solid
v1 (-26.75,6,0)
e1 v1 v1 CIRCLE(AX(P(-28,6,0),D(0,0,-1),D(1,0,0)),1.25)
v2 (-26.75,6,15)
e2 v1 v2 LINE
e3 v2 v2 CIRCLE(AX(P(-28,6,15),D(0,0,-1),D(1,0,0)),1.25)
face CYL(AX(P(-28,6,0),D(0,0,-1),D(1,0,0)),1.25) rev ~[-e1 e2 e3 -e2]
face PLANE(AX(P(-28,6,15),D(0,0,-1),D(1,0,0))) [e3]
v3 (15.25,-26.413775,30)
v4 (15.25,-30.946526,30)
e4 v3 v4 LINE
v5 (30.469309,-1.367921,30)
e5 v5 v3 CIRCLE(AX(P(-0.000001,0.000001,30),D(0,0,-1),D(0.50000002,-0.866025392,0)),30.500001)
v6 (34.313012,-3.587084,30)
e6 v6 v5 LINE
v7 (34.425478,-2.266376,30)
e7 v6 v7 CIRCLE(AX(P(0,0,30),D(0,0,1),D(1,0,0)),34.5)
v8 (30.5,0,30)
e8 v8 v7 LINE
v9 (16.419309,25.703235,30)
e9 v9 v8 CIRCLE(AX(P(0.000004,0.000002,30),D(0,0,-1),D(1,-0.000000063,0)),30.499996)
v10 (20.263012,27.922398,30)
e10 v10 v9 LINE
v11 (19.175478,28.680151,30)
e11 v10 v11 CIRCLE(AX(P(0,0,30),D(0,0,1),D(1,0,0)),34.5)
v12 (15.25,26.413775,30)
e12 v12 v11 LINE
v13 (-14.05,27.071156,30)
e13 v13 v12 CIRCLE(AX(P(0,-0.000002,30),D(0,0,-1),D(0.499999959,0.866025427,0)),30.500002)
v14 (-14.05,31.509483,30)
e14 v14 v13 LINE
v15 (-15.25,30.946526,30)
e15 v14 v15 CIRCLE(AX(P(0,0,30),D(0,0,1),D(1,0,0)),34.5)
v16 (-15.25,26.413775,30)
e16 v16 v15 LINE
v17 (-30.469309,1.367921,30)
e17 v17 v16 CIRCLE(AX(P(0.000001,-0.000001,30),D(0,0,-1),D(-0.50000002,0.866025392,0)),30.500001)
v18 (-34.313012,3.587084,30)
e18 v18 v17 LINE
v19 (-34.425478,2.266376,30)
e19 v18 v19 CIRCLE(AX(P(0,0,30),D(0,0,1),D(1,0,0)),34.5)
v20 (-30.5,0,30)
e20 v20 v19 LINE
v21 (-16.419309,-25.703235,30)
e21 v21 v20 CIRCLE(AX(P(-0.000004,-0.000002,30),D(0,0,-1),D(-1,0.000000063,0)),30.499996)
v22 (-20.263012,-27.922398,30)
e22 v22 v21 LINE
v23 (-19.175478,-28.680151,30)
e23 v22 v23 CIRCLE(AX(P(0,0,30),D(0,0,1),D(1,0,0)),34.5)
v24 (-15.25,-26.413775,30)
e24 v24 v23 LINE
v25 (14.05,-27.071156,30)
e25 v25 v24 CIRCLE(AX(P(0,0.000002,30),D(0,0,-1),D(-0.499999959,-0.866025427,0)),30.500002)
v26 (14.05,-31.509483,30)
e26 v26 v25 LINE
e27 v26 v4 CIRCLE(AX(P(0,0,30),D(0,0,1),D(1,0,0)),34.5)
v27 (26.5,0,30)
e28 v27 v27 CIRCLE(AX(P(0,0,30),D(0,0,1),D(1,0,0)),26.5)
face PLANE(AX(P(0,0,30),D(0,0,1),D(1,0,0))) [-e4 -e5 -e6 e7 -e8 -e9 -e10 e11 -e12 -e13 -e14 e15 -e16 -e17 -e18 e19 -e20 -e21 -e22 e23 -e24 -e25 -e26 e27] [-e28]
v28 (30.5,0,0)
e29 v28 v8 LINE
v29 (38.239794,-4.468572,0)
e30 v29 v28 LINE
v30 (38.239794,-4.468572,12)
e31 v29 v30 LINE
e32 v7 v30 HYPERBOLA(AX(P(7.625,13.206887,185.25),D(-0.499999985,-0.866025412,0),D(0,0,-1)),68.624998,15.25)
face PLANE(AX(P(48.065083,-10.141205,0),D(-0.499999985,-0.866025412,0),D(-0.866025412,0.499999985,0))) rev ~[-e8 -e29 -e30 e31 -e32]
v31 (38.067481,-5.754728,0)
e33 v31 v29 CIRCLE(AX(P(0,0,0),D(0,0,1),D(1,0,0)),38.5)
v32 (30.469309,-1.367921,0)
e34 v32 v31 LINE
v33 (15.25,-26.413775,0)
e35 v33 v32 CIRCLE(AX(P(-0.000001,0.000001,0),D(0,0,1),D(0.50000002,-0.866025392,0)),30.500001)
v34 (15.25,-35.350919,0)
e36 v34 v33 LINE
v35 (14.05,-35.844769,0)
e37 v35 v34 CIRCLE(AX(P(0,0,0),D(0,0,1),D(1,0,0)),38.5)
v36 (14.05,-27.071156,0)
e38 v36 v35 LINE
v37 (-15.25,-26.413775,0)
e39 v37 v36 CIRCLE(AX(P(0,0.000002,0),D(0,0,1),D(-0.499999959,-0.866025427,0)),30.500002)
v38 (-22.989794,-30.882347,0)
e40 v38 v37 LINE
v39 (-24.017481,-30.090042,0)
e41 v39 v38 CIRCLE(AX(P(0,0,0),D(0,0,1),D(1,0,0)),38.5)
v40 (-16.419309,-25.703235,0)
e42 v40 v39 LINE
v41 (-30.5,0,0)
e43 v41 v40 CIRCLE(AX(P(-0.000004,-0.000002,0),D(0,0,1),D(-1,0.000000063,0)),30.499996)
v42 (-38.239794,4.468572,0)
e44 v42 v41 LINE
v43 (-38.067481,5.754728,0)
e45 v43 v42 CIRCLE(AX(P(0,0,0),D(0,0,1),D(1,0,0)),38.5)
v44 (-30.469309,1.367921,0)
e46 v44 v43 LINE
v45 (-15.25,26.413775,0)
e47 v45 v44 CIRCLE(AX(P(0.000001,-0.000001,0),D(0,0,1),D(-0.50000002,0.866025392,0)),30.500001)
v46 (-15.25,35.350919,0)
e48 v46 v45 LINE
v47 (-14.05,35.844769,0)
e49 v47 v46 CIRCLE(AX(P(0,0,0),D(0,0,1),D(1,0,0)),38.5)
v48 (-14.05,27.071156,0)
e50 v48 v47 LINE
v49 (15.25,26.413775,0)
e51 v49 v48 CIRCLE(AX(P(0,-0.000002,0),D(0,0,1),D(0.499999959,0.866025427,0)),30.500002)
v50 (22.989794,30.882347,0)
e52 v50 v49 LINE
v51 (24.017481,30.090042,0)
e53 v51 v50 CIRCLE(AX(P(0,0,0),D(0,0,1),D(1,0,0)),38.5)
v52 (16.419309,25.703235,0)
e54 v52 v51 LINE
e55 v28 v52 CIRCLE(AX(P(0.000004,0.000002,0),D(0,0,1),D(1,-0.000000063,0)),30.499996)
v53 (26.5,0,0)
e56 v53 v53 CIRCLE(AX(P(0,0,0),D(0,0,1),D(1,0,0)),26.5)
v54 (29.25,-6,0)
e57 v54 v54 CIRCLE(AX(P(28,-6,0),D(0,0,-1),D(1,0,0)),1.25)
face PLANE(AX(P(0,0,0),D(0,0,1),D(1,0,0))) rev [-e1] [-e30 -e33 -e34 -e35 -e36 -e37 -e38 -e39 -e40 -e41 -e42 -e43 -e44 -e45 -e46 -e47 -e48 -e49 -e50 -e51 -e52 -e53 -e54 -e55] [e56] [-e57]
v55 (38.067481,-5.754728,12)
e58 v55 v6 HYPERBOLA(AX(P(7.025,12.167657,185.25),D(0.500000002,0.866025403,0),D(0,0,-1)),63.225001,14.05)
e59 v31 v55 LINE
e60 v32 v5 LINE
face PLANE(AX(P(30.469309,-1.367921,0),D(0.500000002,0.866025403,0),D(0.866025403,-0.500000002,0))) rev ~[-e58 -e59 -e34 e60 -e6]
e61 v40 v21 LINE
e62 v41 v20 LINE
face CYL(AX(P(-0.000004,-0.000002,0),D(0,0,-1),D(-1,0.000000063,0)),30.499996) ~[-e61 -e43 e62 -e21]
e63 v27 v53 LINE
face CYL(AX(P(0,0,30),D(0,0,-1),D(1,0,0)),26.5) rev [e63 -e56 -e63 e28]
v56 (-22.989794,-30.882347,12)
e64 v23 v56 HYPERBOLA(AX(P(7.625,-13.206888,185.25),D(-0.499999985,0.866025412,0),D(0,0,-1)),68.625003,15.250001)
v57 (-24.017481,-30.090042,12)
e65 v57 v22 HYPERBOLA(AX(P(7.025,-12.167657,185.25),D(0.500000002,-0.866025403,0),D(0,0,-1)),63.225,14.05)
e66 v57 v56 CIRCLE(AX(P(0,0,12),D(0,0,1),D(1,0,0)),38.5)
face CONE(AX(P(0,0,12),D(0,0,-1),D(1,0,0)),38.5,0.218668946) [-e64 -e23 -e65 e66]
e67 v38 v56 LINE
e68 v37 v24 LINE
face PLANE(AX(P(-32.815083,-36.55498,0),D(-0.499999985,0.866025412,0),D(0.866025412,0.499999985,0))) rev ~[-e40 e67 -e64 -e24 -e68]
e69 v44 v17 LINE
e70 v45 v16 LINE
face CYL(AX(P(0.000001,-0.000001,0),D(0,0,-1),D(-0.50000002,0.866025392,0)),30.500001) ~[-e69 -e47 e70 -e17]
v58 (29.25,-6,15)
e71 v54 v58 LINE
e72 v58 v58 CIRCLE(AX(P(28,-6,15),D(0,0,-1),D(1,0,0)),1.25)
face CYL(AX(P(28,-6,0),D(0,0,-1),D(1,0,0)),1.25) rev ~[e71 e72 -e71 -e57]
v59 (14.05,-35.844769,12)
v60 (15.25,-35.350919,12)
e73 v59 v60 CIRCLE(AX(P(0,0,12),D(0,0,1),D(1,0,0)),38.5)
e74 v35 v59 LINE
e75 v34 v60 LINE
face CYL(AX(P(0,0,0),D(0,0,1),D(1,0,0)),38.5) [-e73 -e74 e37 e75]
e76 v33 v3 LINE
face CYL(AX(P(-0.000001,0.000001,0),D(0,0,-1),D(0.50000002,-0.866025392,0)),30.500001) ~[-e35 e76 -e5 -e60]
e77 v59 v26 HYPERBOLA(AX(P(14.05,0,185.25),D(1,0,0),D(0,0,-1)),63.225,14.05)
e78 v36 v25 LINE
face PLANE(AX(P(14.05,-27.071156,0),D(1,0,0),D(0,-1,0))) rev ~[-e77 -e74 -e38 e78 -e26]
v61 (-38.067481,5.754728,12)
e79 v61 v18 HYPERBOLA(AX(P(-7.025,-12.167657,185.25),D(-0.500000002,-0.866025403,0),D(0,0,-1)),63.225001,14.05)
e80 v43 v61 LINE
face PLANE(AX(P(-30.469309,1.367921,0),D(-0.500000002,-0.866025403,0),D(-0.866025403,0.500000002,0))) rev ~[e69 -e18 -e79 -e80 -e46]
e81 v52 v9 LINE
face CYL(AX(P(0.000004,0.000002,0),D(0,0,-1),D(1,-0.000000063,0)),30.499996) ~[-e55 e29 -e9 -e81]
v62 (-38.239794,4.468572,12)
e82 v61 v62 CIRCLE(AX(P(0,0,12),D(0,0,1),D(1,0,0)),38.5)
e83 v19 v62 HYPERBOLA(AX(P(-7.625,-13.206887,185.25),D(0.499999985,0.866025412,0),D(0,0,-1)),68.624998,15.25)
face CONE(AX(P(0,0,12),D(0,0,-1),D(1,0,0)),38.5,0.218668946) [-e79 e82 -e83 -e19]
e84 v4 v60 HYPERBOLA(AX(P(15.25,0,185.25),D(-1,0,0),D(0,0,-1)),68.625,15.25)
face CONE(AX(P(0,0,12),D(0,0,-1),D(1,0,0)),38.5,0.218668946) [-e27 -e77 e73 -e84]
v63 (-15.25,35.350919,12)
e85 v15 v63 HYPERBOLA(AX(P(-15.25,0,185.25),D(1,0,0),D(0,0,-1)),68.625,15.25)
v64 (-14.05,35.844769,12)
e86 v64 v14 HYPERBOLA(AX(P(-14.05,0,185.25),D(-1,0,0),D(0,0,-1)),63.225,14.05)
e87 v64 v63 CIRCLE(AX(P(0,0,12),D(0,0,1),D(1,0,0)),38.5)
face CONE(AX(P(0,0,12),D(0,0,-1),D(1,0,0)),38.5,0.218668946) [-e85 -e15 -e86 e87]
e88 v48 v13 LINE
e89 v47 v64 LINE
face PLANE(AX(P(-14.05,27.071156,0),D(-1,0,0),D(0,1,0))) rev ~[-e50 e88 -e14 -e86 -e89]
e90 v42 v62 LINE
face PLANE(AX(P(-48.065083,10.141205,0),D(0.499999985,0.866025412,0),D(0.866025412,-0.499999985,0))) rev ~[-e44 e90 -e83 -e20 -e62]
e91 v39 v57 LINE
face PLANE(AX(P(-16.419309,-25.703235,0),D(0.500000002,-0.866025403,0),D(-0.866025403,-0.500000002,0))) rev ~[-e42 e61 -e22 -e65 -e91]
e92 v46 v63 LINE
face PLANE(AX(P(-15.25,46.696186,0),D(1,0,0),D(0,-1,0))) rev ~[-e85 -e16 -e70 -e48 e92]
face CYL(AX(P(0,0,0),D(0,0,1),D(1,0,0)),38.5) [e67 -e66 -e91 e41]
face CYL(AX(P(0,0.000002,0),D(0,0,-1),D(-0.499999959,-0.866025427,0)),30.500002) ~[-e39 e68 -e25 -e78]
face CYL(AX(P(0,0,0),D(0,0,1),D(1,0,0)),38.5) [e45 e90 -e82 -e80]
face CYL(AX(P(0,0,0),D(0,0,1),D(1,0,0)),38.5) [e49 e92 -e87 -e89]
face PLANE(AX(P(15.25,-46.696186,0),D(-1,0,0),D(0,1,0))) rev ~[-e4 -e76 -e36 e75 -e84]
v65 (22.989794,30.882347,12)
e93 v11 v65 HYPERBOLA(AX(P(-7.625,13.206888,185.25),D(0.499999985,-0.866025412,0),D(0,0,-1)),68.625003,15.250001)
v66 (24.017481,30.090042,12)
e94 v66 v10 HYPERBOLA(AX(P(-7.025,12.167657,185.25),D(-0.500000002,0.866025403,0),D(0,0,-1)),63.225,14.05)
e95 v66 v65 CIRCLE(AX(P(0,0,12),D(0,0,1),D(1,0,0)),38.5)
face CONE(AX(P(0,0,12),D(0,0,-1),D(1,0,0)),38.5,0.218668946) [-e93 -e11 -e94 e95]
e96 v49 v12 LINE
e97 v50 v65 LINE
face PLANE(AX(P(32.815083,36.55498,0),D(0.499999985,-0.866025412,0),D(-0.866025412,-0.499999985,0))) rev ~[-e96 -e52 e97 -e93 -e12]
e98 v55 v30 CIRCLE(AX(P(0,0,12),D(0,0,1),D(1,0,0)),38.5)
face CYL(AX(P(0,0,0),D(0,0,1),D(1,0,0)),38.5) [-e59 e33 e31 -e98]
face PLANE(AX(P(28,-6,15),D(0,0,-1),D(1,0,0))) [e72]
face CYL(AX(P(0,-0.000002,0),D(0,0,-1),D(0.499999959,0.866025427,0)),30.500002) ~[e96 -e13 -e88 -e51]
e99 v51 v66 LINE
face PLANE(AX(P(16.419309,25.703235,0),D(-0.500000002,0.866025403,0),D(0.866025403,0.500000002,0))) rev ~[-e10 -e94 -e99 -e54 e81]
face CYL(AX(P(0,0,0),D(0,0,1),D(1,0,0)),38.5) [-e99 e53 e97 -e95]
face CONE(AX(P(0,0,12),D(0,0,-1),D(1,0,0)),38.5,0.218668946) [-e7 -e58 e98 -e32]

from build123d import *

# Parameters (mm, degrees)
F2_R     = 1.25
F3_DEPTH = 15
F5_DEPTH = 30.001


with BuildPart() as f1:
    # F0 (on Front) → F1 (revolve)
    with BuildSketch(Plane.XZ):
        Polygon((34.5, 30), (26.5, 30), (26.5, 0), (38.5, 0), (38.5, 12), align=None)
    revolve(axis=Axis((0, 0, 21.473579), (0, 0, 1)))

    # F2 (on face) → F3 (cut)
    with BuildSketch(Plane(origin=(0, 0, 0), x_dir=(1, 0, 0), z_dir=(0, 0, -1))):
        with Locations((-28, -6)):
            Circle(F2_R)
        with Locations((28, 6)):
            Circle(F2_R)
    extrude(amount=-F3_DEPTH, mode=Mode.SUBTRACT)

    # F4 (on face) → F5 (cut, through all)
    with BuildSketch(Plane(origin=(0, 0, 0), x_dir=(1, 0, 0), z_dir=(0, 0, -1))):
        with BuildLine():
            Line((-48.065083, -10.141205), (-30.5, 0))
            ThreePointArc((-30.5, 0), (-26.749196, 14.653687), (-16.419309, 25.703235))
            Line((-16.419309, 25.703235), (-33.739817, 35.703235))
            ThreePointArc((-33.739817, 35.703235), (-46.88751, 14.6512), (-48.065083, -10.141205))
        make_face()
        with BuildLine():
            Line((-30.469309, -1.367921), (-47.789817, -11.367921))
            ThreePointArc((-47.789817, -11.367921), (-36.132066, -33.280175), (-15.25, -46.696186))
            Line((-15.25, -46.696186), (-15.25, -26.413775))
            ThreePointArc((-15.25, -26.413775), (-26.065063, -15.838639), (-30.469309, -1.367921))
        make_face()
        with BuildLine():
            Line((-14.05, -27.071156), (-14.05, -47.071156))
            ThreePointArc((-14.05, -47.071156), (10.755444, -47.931375), (32.815083, -36.55498))
            Line((32.815083, -36.55498), (15.25, -26.413775))
            ThreePointArc((15.25, -26.413775), (0.684133, -30.492326), (-14.05, -27.071156))
        make_face()
        with BuildLine():
            Line((16.419309, -25.703235), (33.739817, -35.703235))
            ThreePointArc((33.739817, -35.703235), (46.88751, -14.6512), (48.065083, 10.141205))
            Line((48.065083, 10.141205), (30.5, 0))
            ThreePointArc((30.5, 0), (26.749196, -14.653687), (16.419309, -25.703235))
        make_face()
        with BuildLine():
            Line((30.469309, 1.367921), (47.789817, 11.367921))
            ThreePointArc((47.789817, 11.367921), (36.132066, 33.280175), (15.25, 46.696186))
            Line((15.25, 46.696186), (15.25, 26.413775))
            ThreePointArc((15.25, 26.413775), (26.065063, 15.838639), (30.469309, 1.367921))
        make_face()
        with BuildLine():
            Line((14.05, 27.071156), (14.05, 47.071156))
            ThreePointArc((14.05, 47.071156), (-10.755444, 47.931375), (-32.815083, 36.55498))
            Line((-32.815083, 36.55498), (-15.25, 26.413775))
            ThreePointArc((-15.25, 26.413775), (-0.684133, 30.492326), (14.05, 27.071156))
        make_face()
    extrude(amount=-F5_DEPTH, mode=Mode.SUBTRACT)


solid = f1.part
